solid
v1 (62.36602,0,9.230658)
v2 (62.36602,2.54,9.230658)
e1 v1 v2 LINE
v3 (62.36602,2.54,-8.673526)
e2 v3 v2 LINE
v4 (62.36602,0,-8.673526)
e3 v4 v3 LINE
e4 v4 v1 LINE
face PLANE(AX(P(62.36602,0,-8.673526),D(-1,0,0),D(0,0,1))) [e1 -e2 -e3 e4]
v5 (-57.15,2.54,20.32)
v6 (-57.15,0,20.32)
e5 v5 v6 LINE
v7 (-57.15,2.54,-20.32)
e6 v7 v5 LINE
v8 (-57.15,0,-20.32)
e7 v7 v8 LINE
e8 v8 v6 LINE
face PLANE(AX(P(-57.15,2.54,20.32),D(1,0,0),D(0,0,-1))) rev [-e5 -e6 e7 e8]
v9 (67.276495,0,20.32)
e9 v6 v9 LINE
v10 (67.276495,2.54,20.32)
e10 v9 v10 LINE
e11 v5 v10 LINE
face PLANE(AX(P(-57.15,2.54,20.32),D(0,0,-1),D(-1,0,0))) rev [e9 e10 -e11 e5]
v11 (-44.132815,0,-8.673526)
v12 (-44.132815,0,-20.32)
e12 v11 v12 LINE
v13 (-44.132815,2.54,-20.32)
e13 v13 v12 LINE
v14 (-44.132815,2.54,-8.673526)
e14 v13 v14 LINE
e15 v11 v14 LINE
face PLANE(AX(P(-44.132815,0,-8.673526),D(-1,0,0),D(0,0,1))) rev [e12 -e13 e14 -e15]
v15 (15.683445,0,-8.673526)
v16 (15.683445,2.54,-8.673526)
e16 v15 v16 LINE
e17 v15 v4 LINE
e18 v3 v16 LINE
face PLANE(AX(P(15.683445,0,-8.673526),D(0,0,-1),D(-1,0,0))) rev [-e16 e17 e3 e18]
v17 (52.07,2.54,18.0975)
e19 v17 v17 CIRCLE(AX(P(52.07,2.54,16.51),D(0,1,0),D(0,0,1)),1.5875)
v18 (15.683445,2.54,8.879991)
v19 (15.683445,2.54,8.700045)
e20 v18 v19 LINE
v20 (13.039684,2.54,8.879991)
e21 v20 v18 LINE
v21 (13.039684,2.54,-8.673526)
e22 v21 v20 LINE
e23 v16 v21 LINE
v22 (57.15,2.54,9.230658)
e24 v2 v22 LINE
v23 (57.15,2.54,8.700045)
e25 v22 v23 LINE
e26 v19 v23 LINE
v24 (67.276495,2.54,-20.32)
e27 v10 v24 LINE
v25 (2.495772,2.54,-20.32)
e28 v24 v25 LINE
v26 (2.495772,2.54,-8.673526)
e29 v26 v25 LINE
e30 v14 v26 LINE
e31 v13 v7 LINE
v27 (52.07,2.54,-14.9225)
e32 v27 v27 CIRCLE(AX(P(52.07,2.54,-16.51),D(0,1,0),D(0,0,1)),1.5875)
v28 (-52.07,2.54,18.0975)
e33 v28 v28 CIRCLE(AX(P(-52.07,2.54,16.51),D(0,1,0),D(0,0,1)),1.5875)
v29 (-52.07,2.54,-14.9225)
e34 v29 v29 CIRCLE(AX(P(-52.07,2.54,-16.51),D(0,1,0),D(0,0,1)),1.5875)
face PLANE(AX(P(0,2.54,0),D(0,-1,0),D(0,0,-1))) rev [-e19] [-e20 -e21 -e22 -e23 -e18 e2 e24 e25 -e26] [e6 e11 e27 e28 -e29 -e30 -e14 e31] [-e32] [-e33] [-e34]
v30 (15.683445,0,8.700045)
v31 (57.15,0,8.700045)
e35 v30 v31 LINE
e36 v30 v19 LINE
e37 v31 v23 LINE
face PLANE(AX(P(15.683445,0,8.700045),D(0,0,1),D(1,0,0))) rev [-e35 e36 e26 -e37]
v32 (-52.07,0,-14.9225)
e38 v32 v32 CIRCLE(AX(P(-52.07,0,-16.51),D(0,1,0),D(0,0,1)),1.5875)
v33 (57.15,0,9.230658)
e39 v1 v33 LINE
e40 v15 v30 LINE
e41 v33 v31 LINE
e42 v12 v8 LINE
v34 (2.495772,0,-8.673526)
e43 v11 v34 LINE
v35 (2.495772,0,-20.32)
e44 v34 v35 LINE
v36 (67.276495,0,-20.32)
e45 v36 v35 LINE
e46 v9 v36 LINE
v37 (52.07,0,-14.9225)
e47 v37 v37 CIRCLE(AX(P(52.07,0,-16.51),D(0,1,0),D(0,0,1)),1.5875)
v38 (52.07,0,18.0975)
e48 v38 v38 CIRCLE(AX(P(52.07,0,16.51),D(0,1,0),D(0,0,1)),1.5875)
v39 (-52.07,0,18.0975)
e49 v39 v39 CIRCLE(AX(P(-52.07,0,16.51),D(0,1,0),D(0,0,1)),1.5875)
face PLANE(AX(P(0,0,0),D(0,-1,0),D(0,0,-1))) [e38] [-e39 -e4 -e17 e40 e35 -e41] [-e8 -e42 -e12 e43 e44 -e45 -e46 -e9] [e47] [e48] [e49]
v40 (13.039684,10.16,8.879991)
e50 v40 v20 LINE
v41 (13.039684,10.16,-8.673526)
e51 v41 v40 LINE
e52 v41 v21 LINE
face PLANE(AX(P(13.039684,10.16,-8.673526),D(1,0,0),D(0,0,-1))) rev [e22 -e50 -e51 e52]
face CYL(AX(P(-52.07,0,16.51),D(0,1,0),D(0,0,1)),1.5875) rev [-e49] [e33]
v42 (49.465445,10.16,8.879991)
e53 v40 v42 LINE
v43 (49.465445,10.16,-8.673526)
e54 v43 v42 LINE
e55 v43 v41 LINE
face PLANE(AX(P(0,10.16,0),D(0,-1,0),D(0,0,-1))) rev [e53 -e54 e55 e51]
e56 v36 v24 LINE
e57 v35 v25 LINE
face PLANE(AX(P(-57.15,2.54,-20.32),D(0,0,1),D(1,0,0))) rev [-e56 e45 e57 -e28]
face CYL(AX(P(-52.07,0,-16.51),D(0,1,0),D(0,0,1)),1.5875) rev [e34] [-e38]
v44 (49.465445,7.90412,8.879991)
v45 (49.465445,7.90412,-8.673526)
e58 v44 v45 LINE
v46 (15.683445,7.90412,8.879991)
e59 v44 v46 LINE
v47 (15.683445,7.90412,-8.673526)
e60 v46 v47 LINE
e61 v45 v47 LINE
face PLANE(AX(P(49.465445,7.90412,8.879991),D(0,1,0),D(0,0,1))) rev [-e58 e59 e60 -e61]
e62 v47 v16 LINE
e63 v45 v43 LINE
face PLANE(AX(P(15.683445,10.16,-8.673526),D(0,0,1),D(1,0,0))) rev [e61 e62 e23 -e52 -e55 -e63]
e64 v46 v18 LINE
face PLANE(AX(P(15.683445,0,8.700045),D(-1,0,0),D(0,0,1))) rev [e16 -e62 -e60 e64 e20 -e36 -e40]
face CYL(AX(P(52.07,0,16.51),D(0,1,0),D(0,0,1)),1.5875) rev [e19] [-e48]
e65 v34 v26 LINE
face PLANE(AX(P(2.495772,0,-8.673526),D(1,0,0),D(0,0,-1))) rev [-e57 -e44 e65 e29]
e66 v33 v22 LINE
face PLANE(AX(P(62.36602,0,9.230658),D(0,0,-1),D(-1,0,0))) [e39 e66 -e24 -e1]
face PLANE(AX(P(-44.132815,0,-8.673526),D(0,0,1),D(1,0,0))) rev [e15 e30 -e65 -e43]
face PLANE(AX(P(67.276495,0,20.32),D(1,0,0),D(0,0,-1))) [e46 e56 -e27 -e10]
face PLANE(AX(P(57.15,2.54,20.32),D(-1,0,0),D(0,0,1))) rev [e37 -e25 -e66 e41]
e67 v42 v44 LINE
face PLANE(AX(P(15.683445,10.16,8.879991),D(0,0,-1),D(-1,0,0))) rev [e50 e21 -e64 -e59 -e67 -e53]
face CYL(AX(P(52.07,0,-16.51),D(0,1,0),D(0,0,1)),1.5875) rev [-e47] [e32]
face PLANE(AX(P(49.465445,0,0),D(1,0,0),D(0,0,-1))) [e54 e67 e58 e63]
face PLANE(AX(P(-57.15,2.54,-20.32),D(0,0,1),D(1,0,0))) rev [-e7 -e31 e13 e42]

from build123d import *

# Parameters (mm, degrees)
SKETCH1_W           = 114.3
SKETCH1_H           = 40.64
BOSS_EXTRUDE1_DEPTH = 2.54
SKETCH2_R           = 1.5875
CUT_EXTRUDE2_DEPTH  = 61.708125486
SKETCH3_W           = 43.201910461
SKETCH3_H           = 17.373570515
SKETCH3_W_2         = 46.628586193
SKETCH3_H_2         = 22.401940477
CUT_EXTRUDE3_DEPTH  = 61.708125486
SKETCH4_W           = 2.643760601
SKETCH4_H           = 17.553517305
BOSS_EXTRUDE2_DEPTH = 7.62
SKETCH5_W           = 17.553517305
SKETCH5_H           = 2.255880329
BOSS_EXTRUDE3_DEPTH = 33.782
BOSS_EXTRUDE4_DEPTH = 2.54


with BuildPart() as part:
    # Sketch1 → Boss-Extrude1 (new body)
    with BuildSketch(Plane(origin=(0, 0, 0), x_dir=(1, 0, 0), z_dir=(0, 1, 0))):
        Rectangle(SKETCH1_W, SKETCH1_H)
    extrude(amount=BOSS_EXTRUDE1_DEPTH)

    # Sketch2 → Cut-Extrude2 (cut, through all)
    with BuildSketch(Plane(origin=(0, 2.54, 0), x_dir=(1, 0, 0), z_dir=(0, 1, 0))):
        with Locations(Location((-52.07, 16.51, 0), (0, 0, 270))):
            Circle(SKETCH2_R)
        with Locations(Location((52.07, 16.51, 0), (0, 0, 270))):
            Circle(SKETCH2_R)
        with Locations(Location((52.07, -16.51, 0), (0, 0, 270))):
            Circle(SKETCH2_R)
        with Locations(Location((-52.07, -16.51, 0), (0, 0, 270))):
            Circle(SKETCH2_R)
    extrude(amount=-CUT_EXTRUDE2_DEPTH, mode=Mode.SUBTRACT)

    # Sketch3 → Cut-Extrude3 (cut, through all)
    with BuildSketch(Plane(origin=(0, 2.54, 0), x_dir=(1, 0, 0), z_dir=(0, 1, 0))):
        with Locations((37.284400117, -0.013259404)):
            Rectangle(SKETCH3_W, SKETCH3_H)
        with Locations((-20.818521539, 19.874496091)):
            Rectangle(SKETCH3_W_2, SKETCH3_H_2)
    extrude(amount=-CUT_EXTRUDE3_DEPTH, mode=Mode.SUBTRACT)

    # Sketch4 → Boss-Extrude2 (add)
    with BuildSketch(Plane(origin=(0, 2.54, 0), x_dir=(1, 0, 0), z_dir=(0, 1, 0))):
        with Locations((14.361564587, -0.103232799)):
            Rectangle(SKETCH4_W, SKETCH4_H)
    extrude(amount=BOSS_EXTRUDE2_DEPTH)

    # Sketch5 → Boss-Extrude3 (add)
    with BuildSketch(Plane(origin=(15.683444887, 0, 0), x_dir=(0, 0, -1), z_dir=(1, 0, 0))):
        with Locations((-0.103232799, 9.032059836)):
            Rectangle(SKETCH5_W, SKETCH5_H)
    extrude(amount=BOSS_EXTRUDE3_DEPTH)

    # Sketch6 → Boss-Extrude4 (add)
    with BuildSketch(Plane(origin=(0, 2.54, 0), x_dir=(1, 0, 0), z_dir=(0, 1, 0))):
        Polygon((57.15, 20.32), (57.15, 8.673525853), (62.36601956, 8.673525853), (62.36601956, -9.230657654), (57.15, -9.230657654), (57.15, -20.32), (67.276494875, -20.32), (67.276494875, 20.32), align=None)
    extrude(amount=-BOSS_EXTRUDE4_DEPTH)


solid = part.part
